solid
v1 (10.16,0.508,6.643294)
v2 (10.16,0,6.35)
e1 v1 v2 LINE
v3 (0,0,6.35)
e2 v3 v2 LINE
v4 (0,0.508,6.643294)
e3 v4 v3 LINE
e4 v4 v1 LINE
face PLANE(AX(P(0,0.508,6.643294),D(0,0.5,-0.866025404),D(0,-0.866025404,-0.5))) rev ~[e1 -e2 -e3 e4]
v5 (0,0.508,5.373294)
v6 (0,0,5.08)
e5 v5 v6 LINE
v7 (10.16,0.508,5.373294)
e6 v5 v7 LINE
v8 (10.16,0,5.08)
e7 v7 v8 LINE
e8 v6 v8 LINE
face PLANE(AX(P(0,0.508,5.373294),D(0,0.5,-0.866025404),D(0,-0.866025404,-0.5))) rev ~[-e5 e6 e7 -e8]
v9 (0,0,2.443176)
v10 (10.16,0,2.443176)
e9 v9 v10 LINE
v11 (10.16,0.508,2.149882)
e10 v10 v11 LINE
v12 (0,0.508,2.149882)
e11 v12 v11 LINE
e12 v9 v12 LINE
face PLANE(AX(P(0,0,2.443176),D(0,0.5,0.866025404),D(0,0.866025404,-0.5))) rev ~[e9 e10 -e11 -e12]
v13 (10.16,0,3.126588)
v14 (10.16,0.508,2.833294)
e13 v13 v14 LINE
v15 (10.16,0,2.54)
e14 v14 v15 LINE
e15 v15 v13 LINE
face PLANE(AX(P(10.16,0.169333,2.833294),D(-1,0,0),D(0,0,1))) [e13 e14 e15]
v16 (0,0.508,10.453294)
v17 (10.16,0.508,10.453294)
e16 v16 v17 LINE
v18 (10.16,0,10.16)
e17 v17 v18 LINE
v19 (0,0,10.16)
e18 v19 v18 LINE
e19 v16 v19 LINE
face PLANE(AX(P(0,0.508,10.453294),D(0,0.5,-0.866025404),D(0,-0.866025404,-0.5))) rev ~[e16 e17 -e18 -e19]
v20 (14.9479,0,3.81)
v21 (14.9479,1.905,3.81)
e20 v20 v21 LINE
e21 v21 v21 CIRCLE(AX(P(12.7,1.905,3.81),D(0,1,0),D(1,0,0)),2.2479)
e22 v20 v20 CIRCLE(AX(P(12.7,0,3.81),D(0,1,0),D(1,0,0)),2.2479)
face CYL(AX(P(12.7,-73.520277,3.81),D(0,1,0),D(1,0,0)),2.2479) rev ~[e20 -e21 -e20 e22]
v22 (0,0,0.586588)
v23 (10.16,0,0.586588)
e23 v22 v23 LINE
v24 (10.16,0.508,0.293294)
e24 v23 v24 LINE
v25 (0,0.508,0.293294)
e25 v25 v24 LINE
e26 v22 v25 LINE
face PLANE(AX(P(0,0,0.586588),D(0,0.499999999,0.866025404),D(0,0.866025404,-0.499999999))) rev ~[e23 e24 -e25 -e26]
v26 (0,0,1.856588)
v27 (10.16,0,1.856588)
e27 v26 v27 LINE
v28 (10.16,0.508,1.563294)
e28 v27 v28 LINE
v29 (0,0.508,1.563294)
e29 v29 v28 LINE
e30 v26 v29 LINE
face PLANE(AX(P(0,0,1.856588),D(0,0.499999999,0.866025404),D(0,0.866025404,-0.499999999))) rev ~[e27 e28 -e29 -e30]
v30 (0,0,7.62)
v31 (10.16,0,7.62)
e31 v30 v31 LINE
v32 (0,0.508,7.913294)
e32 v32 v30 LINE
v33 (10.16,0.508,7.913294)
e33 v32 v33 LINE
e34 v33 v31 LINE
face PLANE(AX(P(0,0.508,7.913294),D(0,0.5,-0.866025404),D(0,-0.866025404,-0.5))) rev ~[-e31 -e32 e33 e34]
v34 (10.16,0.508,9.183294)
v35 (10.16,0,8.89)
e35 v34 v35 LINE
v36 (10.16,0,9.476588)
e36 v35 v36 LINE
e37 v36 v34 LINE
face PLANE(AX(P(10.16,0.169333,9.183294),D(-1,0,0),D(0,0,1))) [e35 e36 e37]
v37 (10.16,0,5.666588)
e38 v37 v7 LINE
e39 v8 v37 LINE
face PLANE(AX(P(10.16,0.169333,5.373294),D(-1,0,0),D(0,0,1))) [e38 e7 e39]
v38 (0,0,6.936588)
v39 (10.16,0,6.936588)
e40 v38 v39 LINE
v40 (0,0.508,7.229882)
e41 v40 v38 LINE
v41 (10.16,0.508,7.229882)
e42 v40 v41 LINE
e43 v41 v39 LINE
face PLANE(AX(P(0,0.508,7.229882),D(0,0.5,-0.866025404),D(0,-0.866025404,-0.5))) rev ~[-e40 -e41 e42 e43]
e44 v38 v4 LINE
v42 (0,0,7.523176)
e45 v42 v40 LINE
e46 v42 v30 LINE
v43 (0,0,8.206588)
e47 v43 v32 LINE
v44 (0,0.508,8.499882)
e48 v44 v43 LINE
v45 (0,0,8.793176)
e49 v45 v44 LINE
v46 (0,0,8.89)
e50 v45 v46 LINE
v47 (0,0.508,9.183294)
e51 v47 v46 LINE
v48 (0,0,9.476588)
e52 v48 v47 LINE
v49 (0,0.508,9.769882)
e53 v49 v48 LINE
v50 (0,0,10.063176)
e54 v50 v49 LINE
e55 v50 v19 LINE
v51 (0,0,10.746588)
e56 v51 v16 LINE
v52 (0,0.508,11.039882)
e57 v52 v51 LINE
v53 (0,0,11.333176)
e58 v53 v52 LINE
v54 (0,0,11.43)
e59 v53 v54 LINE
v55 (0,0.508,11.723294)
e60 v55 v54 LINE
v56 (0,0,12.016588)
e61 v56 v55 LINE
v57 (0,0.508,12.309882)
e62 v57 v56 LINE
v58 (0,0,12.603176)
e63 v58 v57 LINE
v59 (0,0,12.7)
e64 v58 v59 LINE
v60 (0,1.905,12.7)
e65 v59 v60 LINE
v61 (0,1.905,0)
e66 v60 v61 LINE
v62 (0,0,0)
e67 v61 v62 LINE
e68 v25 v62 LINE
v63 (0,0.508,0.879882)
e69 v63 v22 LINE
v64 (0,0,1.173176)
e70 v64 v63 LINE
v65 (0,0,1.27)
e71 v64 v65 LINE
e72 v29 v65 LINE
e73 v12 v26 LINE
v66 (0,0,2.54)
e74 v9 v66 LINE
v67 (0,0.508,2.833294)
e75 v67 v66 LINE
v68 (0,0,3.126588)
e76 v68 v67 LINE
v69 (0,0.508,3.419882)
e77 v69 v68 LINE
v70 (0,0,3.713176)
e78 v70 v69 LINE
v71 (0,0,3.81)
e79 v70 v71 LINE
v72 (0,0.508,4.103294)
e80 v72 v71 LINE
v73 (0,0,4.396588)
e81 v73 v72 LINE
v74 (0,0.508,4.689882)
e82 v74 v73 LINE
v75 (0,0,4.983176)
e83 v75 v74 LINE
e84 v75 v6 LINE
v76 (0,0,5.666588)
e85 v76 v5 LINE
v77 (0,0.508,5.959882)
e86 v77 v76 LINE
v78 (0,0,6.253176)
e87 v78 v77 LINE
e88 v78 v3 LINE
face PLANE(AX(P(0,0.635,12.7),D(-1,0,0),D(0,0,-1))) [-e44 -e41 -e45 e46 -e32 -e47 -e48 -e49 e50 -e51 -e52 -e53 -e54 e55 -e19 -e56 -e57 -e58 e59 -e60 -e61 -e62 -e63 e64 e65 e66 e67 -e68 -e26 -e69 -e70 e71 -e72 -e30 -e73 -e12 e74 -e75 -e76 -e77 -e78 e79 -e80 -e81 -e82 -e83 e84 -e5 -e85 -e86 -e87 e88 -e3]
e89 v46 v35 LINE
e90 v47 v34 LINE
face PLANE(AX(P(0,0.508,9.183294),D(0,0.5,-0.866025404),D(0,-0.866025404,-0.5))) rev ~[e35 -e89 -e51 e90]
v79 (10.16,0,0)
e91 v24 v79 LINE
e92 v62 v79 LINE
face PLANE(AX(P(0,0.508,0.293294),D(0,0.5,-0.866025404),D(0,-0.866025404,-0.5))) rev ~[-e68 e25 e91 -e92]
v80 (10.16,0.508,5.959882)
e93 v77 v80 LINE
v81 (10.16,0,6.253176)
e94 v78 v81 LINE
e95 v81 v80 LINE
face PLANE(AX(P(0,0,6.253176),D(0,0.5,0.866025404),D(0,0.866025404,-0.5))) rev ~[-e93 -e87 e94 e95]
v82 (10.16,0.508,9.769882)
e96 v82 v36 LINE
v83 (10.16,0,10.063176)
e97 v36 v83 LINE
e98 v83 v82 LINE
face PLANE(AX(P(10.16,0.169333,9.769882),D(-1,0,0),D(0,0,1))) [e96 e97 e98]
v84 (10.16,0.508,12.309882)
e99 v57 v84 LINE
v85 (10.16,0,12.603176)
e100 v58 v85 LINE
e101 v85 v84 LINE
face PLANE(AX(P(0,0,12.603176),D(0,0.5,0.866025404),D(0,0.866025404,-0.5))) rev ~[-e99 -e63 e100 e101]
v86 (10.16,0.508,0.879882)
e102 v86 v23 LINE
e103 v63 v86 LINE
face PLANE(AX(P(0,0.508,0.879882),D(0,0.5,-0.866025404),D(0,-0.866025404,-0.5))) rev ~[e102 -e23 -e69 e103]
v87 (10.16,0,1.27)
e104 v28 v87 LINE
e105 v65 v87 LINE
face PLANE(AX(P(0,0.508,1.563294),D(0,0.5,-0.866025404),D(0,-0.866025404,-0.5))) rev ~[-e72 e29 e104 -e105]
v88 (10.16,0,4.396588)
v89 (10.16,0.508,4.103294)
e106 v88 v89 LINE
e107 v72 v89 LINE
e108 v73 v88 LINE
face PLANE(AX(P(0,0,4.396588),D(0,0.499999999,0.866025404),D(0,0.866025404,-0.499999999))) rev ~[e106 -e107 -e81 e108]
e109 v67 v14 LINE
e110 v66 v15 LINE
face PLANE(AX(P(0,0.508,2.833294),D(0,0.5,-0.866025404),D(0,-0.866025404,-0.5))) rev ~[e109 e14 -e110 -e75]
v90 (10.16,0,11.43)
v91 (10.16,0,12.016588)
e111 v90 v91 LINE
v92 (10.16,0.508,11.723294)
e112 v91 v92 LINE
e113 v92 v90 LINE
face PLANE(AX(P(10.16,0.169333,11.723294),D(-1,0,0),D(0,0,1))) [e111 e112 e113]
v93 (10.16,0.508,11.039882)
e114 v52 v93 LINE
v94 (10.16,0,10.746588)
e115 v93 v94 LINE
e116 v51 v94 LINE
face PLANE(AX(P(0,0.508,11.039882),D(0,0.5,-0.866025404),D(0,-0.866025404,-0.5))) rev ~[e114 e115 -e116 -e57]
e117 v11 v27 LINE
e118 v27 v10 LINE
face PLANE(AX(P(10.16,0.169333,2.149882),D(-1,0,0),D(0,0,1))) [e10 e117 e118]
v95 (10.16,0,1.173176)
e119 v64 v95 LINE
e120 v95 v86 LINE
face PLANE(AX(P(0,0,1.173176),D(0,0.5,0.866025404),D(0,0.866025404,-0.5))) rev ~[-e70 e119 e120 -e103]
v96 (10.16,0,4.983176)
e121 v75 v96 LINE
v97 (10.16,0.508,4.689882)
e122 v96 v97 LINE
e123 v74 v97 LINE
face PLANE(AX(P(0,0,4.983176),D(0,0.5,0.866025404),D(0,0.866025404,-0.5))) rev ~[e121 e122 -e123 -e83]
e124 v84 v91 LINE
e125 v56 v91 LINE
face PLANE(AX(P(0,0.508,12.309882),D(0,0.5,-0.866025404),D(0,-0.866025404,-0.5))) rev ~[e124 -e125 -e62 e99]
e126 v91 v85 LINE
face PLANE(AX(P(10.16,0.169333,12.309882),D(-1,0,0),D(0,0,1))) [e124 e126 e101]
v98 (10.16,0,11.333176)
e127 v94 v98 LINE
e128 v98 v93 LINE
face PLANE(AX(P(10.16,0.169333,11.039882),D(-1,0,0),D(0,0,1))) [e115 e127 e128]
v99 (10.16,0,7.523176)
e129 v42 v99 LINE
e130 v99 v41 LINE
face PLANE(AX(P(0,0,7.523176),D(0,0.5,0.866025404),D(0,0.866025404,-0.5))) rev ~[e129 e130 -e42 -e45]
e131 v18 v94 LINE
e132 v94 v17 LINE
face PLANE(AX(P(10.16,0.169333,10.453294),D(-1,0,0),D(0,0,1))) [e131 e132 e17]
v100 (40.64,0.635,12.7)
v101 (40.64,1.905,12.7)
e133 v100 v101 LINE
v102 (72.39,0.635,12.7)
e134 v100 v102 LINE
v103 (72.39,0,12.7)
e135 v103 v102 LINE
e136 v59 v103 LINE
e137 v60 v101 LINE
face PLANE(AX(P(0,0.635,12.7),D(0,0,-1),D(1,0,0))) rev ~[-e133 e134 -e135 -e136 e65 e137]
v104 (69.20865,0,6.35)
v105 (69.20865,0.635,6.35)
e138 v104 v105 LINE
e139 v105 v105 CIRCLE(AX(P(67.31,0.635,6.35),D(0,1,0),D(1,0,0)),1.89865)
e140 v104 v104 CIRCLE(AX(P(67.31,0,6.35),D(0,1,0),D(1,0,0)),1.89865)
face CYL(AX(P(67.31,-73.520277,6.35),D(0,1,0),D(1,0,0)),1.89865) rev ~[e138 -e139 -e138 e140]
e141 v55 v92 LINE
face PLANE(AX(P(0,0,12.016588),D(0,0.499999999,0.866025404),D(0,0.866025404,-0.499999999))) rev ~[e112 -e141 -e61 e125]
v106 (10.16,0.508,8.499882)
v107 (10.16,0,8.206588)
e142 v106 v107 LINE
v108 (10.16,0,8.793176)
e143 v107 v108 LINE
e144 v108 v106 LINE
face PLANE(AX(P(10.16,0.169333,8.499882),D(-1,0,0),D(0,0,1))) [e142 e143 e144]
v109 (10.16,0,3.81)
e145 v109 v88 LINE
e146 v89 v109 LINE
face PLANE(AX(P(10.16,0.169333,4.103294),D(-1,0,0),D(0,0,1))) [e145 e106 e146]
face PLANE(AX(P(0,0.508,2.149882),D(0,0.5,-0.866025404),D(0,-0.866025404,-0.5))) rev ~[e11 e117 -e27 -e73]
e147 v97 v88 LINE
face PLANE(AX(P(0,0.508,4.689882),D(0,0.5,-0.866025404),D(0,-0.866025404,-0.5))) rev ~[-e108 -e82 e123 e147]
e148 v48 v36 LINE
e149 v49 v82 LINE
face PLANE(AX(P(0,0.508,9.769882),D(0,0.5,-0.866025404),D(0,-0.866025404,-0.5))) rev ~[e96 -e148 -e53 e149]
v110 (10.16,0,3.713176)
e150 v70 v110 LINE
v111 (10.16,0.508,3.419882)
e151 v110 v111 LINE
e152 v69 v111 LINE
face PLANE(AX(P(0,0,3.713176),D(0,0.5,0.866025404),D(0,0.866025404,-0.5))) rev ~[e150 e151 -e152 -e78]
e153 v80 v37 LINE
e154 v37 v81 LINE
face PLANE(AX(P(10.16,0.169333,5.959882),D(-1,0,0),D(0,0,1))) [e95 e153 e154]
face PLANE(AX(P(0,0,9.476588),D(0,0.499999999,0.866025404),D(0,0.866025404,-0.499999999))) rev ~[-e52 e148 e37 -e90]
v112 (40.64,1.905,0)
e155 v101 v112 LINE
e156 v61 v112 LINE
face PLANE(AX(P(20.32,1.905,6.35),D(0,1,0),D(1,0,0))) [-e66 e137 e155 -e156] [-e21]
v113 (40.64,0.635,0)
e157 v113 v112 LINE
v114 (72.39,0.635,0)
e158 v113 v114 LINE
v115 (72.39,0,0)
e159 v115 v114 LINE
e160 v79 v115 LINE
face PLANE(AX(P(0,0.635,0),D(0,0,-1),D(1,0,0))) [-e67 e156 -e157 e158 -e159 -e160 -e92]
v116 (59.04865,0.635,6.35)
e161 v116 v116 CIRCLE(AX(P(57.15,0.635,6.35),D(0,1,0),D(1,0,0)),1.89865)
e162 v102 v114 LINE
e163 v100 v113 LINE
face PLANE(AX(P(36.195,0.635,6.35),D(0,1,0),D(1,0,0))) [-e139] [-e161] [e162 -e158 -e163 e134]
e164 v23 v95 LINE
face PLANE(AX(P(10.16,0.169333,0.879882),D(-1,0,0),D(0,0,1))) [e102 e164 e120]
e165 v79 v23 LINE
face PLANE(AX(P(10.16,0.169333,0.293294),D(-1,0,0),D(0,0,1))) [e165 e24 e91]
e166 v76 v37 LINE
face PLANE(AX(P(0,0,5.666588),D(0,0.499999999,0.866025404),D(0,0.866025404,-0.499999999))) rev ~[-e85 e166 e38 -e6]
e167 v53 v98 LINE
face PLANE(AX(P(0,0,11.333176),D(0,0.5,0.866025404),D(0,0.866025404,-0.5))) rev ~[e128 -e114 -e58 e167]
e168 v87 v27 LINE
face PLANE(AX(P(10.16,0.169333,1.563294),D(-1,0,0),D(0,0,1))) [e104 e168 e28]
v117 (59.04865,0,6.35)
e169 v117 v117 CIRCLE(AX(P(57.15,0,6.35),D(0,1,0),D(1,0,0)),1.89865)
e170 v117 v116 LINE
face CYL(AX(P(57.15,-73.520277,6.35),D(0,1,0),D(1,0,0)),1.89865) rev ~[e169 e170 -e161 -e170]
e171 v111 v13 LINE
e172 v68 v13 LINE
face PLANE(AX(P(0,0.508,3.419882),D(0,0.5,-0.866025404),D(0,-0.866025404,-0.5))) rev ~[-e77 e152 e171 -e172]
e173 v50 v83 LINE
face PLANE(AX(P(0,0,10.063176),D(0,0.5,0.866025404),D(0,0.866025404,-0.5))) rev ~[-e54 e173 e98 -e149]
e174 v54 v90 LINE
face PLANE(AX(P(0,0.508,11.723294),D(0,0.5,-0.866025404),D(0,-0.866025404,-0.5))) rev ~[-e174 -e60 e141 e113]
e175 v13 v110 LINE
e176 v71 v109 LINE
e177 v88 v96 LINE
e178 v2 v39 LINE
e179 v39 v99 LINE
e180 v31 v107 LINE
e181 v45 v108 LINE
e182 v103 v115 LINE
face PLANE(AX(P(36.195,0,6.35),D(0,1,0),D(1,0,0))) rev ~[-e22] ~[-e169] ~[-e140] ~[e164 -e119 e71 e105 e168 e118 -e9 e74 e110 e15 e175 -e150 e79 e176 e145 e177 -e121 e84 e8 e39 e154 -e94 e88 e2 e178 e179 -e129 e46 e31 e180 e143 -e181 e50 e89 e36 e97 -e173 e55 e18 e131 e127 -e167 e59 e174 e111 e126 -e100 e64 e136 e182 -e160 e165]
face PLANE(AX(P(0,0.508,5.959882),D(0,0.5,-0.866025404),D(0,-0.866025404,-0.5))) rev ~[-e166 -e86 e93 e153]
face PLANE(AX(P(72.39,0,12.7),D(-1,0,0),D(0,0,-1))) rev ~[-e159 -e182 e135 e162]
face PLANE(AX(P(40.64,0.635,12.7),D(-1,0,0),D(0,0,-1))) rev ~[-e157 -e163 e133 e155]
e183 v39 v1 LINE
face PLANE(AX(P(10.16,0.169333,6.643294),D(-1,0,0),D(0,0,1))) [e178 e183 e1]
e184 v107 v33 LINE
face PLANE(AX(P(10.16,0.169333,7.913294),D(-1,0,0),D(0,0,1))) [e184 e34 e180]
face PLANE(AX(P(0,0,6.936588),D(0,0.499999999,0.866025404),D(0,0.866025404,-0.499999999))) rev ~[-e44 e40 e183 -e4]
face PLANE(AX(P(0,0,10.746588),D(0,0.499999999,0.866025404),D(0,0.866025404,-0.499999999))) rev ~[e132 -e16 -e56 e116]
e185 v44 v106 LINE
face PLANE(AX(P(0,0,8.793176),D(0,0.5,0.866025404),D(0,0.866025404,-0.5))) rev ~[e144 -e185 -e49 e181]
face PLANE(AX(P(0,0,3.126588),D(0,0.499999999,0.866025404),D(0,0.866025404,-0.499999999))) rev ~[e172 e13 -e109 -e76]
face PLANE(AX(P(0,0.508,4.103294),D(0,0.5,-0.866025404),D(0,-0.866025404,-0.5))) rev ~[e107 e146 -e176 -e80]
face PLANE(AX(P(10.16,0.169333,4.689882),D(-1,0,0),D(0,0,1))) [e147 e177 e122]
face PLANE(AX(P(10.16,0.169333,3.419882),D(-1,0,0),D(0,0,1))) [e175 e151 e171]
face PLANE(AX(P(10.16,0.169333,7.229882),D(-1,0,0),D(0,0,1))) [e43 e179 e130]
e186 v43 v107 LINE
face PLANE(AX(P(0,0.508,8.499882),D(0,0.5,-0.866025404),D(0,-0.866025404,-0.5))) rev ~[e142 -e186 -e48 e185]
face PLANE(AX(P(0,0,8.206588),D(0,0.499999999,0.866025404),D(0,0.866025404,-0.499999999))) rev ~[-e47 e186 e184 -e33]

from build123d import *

# Parameters (mm, degrees)
SKETCH1_W               = 72.39
SKETCH1_H               = 12.7
BOSS_EXTRUDE1_DEPTH     = 0.635
SKETCH2_W               = 40.64
SKETCH2_H               = 12.7
BOSS_EXTRUDE2_DEPTH     = 1.27
F_6_CLEARANCE_HOLE1_D   = 3.7973
F_8_CLEARANCE_HOLE1_D   = 4.4958
CUT_EXTRUDE6_DEPTH      = 1
CUT_EXTRUDE6_DEPTH_BACK = 10.16


with BuildPart() as part:
    # Sketch1 → Boss-Extrude1 (new body)
    with BuildSketch(Plane(origin=(0, 0, 0), x_dir=(1, 0, 0), z_dir=(0, 1, 0))):
        with Locations((36.195, -6.35)):
            Rectangle(SKETCH1_W, SKETCH1_H)
    extrude(amount=BOSS_EXTRUDE1_DEPTH)

    # Sketch2 → Boss-Extrude2 (add)
    with BuildSketch(Plane(origin=(0, 0.635, 0), x_dir=(1, 0, 0), z_dir=(0, 1, 0))):
        with Locations((20.32, -6.35)):
            Rectangle(SKETCH2_W, SKETCH2_H)
    extrude(amount=BOSS_EXTRUDE2_DEPTH)

    # #6 Clearance Hole1 (through all)
    with Locations(Plane(origin=(0, 0, 0), x_dir=(-1, 0, 0), z_dir=(0, -1, 0))):
        with Locations((-67.31, -6.35), (-57.15, -6.35)):
            Hole(F_6_CLEARANCE_HOLE1_D / 2)

    # #8 Clearance Hole1 (through all)
    with Locations(Plane(origin=(0, 0, 0), x_dir=(-1, 0, 0), z_dir=(0, -1, 0))):
        with Locations((-12.7, -3.81)):
            Hole(F_8_CLEARANCE_HOLE1_D / 2)

    # Sketch9 → Cut-Extrude6 (cut, two sides)
    with BuildSketch(Plane.ZY) as cut_extrude6_sk:
        Polygon((1.563293937, 0.508), (1.27, 0), (1.856587873, 0), align=None)
        Polygon((2.14988181, 0.508), (1.856587873, 0), (2.443175747, 0), align=None)
        Polygon((0.87988181, 0.508), (0.586587873, 0), (1.173175747, 0), align=None)
        Polygon((0.293293937, 0.508), (0, 0), (0.586587873, 0), align=None)
        Polygon((2.833293937, 0.508), (2.54, 0), (3.126587873, 0), align=None)
        Polygon((3.41988181, 0.508), (3.126587873, 0), (3.713175747, 0), align=None)
        Polygon((4.103293937, 0.508), (3.81, 0), (4.396587873, 0), align=None)
        Polygon((4.68988181, 0.508), (4.396587873, 0), (4.983175747, 0), align=None)
        Polygon((5.373293937, 0.508), (5.08, 0), (5.666587873, 0), align=None)
        Polygon((5.95988181, 0.508), (5.666587873, 0), (6.253175747, 0), align=None)
        Polygon((6.643293937, 0.508), (6.35, 0), (6.936587873, 0), align=None)
        Polygon((7.22988181, 0.508), (6.936587873, 0), (7.523175747, 0), align=None)
        Polygon((7.913293937, 0.508), (7.62, 0), (8.206587873, 0), align=None)
        Polygon((8.49988181, 0.508), (8.206587873, 0), (8.793175747, 0), align=None)
        Polygon((9.183293937, 0.508), (8.89, 0), (9.476587873, 0), align=None)
        Polygon((9.76988181, 0.508), (9.476587873, 0), (10.063175747, 0), align=None)
        Polygon((10.453293937, 0.508), (10.16, 0), (10.746587873, 0), align=None)
        Polygon((11.03988181, 0.508), (10.746587873, 0), (11.333175747, 0), align=None)
        Polygon((11.723293937, 0.508), (11.43, 0), (12.016587873, 0), align=None)
        Polygon((12.30988181, 0.508), (12.016587873, 0), (12.603175747, 0), align=None)
    extrude(amount=CUT_EXTRUDE6_DEPTH, mode=Mode.SUBTRACT)
    extrude(cut_extrude6_sk.sketch, amount=-CUT_EXTRUDE6_DEPTH_BACK, mode=Mode.SUBTRACT)


solid = part.part
